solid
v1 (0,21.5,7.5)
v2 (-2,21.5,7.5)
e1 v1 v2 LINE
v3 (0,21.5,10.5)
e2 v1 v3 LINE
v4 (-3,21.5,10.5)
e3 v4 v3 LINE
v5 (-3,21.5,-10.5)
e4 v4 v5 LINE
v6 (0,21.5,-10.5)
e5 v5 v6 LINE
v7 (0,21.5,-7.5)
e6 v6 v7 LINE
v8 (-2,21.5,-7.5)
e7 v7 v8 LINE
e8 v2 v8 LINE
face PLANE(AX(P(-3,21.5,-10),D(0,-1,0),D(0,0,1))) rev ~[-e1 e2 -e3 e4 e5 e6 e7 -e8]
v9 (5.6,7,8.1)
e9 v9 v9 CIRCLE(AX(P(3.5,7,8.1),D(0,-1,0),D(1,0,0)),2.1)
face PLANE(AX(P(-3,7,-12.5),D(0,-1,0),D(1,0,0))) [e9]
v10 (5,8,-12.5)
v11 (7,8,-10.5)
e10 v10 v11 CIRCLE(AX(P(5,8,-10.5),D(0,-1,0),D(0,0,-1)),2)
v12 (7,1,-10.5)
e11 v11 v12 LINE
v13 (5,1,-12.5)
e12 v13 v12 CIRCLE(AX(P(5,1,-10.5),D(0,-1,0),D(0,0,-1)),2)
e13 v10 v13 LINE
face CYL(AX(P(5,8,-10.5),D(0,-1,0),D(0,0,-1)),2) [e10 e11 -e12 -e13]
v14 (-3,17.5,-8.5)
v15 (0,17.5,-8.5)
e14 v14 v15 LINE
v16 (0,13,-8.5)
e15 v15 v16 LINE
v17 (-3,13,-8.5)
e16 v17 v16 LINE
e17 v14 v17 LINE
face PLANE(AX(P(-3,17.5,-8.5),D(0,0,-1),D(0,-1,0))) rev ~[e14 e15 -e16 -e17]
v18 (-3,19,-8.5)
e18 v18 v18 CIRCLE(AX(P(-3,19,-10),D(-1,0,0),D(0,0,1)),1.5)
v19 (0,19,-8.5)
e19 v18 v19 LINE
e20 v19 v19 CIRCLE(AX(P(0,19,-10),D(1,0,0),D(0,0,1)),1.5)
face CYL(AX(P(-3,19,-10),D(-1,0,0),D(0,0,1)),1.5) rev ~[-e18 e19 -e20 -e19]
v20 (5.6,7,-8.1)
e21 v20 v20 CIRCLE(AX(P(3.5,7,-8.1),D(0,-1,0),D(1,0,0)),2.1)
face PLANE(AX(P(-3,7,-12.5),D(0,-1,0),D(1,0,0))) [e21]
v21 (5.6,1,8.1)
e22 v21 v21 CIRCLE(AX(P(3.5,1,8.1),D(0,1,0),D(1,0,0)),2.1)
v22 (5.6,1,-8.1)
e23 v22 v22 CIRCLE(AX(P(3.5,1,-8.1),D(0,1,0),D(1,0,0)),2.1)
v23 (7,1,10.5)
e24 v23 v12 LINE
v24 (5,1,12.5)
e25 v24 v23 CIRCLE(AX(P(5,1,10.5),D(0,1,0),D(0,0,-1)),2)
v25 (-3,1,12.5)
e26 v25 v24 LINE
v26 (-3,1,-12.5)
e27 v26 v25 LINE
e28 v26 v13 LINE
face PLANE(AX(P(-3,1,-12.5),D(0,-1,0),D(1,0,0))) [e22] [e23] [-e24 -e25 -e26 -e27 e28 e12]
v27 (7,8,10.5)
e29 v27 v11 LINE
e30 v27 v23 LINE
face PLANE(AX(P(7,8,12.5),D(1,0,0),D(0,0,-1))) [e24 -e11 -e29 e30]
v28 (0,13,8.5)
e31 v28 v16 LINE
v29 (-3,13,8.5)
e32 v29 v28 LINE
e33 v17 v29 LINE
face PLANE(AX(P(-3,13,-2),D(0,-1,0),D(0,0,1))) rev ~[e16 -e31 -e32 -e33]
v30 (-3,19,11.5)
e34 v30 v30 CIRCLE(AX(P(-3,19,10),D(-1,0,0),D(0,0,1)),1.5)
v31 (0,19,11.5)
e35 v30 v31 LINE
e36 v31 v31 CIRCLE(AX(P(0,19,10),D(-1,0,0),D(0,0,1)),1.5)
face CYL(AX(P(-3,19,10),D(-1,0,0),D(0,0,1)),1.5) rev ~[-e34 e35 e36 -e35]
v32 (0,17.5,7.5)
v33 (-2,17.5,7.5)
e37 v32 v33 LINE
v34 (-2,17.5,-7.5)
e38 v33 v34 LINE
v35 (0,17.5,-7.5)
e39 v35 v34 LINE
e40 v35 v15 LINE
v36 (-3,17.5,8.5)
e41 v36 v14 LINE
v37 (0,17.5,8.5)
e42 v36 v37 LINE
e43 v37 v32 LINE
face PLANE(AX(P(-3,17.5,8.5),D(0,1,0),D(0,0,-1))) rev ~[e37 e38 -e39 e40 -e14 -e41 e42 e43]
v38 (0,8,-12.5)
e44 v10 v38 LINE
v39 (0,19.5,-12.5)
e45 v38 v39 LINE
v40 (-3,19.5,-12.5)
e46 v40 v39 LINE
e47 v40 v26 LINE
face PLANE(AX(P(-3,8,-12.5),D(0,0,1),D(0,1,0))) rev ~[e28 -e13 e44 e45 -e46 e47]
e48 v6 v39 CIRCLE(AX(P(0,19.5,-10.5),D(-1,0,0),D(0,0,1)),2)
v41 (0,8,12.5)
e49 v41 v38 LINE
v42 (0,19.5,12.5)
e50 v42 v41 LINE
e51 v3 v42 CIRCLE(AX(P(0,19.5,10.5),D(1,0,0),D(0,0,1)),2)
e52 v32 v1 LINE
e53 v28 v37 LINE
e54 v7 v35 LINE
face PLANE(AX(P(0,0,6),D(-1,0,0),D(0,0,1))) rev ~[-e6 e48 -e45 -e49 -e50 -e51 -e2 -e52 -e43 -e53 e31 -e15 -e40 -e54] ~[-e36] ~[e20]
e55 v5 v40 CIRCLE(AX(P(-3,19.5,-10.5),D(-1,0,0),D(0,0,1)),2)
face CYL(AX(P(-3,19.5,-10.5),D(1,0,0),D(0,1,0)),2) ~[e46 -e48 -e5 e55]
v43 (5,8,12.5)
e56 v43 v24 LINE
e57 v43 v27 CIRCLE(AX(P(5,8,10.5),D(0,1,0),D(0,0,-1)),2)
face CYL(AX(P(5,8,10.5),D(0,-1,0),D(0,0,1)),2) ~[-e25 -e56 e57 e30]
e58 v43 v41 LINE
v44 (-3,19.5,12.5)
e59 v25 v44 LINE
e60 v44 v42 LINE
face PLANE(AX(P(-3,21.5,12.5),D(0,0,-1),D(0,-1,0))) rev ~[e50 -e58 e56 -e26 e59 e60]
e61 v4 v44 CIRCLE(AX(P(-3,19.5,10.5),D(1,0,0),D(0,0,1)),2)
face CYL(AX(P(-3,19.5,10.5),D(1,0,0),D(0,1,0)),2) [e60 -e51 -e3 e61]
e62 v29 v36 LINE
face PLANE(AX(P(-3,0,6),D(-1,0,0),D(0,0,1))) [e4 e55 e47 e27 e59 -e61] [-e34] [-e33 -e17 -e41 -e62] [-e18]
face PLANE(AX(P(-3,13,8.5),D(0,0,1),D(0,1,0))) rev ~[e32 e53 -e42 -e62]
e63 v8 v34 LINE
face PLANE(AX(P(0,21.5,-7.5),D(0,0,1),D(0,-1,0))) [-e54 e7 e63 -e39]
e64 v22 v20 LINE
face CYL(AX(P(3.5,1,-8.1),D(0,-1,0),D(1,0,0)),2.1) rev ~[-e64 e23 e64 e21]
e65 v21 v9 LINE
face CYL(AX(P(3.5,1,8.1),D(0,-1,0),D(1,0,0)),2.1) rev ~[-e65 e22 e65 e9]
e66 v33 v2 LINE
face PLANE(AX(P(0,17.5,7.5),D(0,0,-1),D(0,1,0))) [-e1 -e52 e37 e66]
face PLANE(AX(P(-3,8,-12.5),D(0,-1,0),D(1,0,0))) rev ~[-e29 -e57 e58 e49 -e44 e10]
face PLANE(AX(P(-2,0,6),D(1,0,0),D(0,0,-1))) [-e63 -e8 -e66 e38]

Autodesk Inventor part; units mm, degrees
ref_plane "YZ Plane" through (0, 0, 0) normal (1, 0, 0) x (0, 1, 0)
ref_plane "XZ Plane" through (0, 0, 0) normal (0, 1, 0) x (-1, 0, 0)
ref_plane "РабПлоскость7" through (-3, 0, 6) normal (-1, 0, 0) x (0, 0, 1)
sketch "Эскиз3" plane through (-3, 0, 6) normal (-1, 0, 0) x (0, 0, 1)
  line L0 (0, 0) -> (-12, 0) construction
  line L1 (0, 0) -> (0, 23.3031) construction
  line L2 (3, 0) -> (3, 3) construction
  circle A0 centre (-16, 19) radius 1.5
  circle A1 centre (4, 19) radius 1.5
  line L3 (-17.5, 19) -> (-18.5, 19)
  line L4 (-16, 20.5) -> (-16, 21.5)
  line L5 (-18.5, 21.5) -> (6.5, 21.5)
  line L6 (6.5, 21.5) -> (6.5, 13)
  line L7 (-18.5, 13) -> (-18.5, 21.5)
  line L8 (-18.5, 8) -> (-18.5, 13)
  line L9 (6.5, 8) -> (6.5, 13)
  line L10 (2.5, 17.5) -> (-14.5, 17.5)
  line L11 (-14.5, 17.5) -> (-14.5, 13)
  line L12 (-14.5, 13) -> (2.5, 13)
  line L13 (2.5, 13) -> (2.5, 17.5)
  line L14 (-3, 13) -> (-3, 8)
  line L15 (-9, 3) -> (-9, 13) projected
  line L16 (6.5, 8) -> (-4, 8)
  line L17 (-4, 8) -> (-4, 13)
  line L18 (-18.5, 8) -> (-8, 8)
  line L19 (-8, 8) -> (-8, 13)
  line L20 (-8, 8) -> (-4, 8)
  point P0 (-6, 0)
  point P1 (-9, 8)
  point P2 (-9, 8)
  dimension "d55" = 3
  dimension "d56" = 3
  dimension "d57" = 1
  dimension "d58" = 1
  dimension "d59" = 25
  dimension "d68" = 10.5
  dimension "d69" = 10.5
extrude "Выдавливание10" add sketch "Эскиз3" against normal blind 3 contours A0 L4 L5 L6 L9 L16 L14 L12 L13 L10 L11 L15 L18 L8 L7 L3 | A0 L3 L7 L5 L4 | L15 L12 L19 L18 | L16 L17 L12 L14
extrude "Выдавливание12" add sketch "Эскиз3" against normal blind 3 contours L19 L12 L17 L20
sketch "Эскиз5" plane through (-3, 8, -12.5) normal (0, -1, 0) x (1, 0, 0)
  line L0 (7.899, 12.5) -> (3, 12.5) construction
  line L1 (0, 25) -> (10, 25)
  line L2 (10, 25) -> (10, 0)
  line L3 (10, 0) -> (0, 0)
  line L4 (0, 0) -> (0, 25)
  circle A0 centre (6.5, 4.4) radius 2.1
  line L5 (3, 25) -> (6.5, 25)
  line L6 (6.5, 25) -> (6.5, 0)
  circle A1 centre (6.5, 20.6) radius 2.1
  point P0 (8, 5.5)
  point P1 (6.5, 18.5)
  point P2 (6.5, 6.5)
  point P3 (6.5, 4.4)
  dimension "d94" = 10
  dimension "d95" = 25
  dimension "d96" = 4.2
  dimension "d102" = 3.5
extrude "Выдавливание13" [suppressed]
fillet "Сопряжение18" [suppressed]
fillet "Сопряжение19" radius 2 2 edges at (-1.5, 21.5, -12.5) (-1.5, 21.5, 12.5)
extrude "Выдавливание14" add sketch "Эскиз5" along normal blind 7
extrude "Выдавливание15" cut sketch "Эскиз5" against normal blind 6 from surface at 7 contours L6 A0 | A0 L6
fillet "Сопряжение20" radius 2 2 edges at (7, 4.5, -12.5) (7, 4.5, 12.5)
extrude "Выдавливание16" cut sketch "Эскиз5" against normal blind 6 from surface at 7 contours A1 L6 | L6 A1
sketch "Эскиз6" plane through (-3, 0, 6) normal (-1, 0, 0) x (0, 0, 1)
  point P0 (-6, 0)
sketch "Эскиз8" plane through (0, 0, 6) normal (1, 0, 0) x (0, 0, -1)
  circle A0 centre (-4, 19) radius 1.5 construction
  line L0 (-2.5, 19) -> (-1.5, 19) construction
  line L1 (-4.5, 21.5) -> (16.5, 21.5) projected
  line L2 (-2.5, 17.5) -> (14.5, 17.5) projected
  line L3 (-1.5, 21.5) -> (13.5, 21.5) construction
  line L4 (13.5, 21.5) -> (13.5, 17.5)
  line L5 (13.5, 17.5) -> (-1.5, 17.5) construction
  line L6 (-1.5, 17.5) -> (-1.5, 21.5)
  point P0 (6, 0)
  dimension "d105" = 1
  dimension "d106" = 15
extrude "Выдавливание17" cut sketch "Эскиз8" against normal blind 2
properties part number "крепл_ЛД"
